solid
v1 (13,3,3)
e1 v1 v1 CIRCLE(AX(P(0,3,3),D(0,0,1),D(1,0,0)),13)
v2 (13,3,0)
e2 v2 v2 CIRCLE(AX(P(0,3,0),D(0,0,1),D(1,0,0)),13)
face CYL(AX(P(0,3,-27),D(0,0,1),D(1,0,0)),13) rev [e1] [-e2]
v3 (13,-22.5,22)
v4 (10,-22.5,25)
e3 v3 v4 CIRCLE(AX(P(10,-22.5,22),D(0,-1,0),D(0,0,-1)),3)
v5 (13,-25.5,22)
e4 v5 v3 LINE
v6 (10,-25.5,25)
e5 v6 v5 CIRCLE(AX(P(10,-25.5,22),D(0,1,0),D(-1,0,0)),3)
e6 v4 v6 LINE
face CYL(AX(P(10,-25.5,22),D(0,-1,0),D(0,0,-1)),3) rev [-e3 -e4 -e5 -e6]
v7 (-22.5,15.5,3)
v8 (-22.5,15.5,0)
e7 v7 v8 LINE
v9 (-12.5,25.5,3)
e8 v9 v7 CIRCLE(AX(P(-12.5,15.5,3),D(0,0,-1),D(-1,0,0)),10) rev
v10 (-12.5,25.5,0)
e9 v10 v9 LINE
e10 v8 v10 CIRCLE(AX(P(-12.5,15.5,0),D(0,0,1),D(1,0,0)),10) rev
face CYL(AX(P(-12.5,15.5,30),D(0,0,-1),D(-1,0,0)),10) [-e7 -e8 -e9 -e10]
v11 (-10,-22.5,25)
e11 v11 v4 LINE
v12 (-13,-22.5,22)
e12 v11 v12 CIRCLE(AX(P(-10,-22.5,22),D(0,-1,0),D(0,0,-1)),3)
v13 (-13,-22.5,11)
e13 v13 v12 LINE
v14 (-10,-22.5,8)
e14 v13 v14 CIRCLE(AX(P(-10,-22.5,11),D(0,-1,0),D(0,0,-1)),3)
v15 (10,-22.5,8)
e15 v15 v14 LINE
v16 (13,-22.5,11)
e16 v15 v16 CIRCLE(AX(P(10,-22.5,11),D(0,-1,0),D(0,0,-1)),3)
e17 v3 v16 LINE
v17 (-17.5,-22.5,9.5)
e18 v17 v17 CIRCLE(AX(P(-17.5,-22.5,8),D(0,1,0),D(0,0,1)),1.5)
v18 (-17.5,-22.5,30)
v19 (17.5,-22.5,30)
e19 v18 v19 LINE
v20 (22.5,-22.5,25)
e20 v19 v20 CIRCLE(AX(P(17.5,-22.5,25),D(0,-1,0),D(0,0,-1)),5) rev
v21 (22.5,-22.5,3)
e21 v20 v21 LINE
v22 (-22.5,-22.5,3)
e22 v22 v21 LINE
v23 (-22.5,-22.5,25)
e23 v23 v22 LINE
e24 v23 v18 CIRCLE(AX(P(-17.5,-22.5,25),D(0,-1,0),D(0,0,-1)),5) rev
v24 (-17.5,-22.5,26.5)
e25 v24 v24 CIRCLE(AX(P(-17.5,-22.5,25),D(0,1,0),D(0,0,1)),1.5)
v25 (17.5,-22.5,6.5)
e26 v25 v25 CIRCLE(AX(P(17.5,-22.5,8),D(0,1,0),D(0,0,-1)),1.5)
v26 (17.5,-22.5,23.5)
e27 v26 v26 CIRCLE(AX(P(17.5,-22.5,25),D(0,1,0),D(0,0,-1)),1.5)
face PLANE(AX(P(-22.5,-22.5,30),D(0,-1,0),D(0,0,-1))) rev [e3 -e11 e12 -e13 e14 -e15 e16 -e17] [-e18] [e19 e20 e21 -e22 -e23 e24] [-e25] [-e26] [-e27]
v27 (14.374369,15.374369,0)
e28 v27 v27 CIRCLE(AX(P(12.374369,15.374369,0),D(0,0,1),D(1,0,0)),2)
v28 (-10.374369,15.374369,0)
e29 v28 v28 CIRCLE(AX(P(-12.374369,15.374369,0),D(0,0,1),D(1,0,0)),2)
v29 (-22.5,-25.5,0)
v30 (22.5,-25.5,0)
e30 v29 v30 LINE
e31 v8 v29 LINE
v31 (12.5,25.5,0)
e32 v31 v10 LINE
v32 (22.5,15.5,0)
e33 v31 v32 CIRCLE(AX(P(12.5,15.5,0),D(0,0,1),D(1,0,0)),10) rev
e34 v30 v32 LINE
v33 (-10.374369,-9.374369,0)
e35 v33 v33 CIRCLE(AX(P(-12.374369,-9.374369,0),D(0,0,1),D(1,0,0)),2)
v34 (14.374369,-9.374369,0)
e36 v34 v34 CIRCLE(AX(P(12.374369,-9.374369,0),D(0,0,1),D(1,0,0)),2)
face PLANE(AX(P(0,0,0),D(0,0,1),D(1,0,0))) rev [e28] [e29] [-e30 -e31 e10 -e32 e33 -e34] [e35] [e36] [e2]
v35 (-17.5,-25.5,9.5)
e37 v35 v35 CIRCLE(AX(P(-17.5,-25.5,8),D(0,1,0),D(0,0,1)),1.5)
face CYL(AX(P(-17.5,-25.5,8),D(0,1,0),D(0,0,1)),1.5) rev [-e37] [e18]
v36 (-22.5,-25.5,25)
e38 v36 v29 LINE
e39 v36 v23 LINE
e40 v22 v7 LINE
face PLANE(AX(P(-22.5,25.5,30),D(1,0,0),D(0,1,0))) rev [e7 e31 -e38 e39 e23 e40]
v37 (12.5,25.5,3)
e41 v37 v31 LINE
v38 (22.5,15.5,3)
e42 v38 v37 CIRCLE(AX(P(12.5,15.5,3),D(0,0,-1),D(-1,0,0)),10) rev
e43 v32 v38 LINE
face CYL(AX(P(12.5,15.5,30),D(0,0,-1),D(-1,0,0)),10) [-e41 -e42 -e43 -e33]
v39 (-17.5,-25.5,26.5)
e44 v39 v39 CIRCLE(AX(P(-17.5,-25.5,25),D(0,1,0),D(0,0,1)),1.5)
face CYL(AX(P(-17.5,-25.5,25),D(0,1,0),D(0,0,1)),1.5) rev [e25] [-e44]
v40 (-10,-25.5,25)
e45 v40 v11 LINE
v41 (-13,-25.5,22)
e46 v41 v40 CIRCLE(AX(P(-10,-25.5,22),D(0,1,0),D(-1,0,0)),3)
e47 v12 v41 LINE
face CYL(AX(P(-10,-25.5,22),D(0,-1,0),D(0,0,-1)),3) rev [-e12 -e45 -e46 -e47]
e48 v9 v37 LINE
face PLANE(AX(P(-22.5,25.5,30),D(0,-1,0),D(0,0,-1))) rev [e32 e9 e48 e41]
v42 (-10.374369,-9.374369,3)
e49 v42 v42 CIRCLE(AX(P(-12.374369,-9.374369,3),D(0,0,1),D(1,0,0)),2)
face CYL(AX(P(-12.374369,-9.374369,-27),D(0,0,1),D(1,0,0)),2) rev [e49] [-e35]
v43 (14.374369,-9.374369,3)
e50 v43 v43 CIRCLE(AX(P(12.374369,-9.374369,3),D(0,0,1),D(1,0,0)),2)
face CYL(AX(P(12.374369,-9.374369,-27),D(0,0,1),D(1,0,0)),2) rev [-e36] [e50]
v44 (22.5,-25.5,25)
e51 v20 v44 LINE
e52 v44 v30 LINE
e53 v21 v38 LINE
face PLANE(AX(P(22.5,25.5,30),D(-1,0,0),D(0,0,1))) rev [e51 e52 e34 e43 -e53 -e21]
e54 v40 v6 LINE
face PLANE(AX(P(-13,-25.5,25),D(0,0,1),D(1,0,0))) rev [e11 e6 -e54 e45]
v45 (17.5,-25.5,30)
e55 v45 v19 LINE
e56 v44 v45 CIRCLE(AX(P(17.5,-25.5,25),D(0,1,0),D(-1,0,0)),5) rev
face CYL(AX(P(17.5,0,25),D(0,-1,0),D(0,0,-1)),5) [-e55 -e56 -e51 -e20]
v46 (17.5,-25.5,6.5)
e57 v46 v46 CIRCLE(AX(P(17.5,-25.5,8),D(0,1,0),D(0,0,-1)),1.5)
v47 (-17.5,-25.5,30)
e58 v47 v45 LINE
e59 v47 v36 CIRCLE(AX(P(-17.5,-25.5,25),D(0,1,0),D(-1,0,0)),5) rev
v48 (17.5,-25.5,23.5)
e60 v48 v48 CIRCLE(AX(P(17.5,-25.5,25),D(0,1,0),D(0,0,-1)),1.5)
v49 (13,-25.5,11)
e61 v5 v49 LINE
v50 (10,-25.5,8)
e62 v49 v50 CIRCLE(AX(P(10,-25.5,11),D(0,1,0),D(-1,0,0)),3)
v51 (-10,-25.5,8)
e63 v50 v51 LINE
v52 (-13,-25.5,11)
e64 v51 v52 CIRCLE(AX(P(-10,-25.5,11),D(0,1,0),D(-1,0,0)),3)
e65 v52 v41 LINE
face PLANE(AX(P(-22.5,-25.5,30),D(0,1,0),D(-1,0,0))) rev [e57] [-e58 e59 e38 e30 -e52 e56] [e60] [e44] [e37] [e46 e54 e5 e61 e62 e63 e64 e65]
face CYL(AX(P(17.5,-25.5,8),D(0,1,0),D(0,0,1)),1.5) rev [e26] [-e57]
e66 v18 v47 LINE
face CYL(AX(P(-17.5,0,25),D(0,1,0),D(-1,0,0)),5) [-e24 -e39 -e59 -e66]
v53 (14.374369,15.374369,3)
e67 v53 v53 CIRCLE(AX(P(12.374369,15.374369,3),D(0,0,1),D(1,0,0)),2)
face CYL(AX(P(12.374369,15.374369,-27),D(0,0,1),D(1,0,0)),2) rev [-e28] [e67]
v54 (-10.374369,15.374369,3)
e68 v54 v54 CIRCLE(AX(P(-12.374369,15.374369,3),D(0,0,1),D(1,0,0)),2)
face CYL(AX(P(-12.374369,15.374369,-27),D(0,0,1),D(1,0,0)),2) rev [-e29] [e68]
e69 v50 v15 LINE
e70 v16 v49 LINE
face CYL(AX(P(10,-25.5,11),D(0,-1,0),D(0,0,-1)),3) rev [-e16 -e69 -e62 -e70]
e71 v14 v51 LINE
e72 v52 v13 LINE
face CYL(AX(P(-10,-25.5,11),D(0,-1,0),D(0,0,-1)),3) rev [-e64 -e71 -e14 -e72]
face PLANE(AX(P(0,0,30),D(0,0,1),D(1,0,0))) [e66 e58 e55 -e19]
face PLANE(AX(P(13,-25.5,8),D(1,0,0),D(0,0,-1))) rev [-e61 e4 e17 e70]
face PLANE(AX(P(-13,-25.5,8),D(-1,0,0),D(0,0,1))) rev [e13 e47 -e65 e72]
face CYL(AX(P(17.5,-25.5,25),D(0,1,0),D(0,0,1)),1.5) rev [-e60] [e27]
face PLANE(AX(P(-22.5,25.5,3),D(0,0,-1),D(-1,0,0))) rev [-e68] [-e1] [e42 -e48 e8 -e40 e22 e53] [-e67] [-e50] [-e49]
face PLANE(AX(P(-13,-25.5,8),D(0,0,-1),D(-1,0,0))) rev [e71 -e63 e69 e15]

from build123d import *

# Parameters (mm, degrees)
SKETCH_1_W          = 45
SKETCH_1_H          = 51
EXTRUDE_1_DEPTH     = 30
SKETCH_2_W          = 27
SKETCH_2_H          = 48
CUT_EXTRUDE_1_DEPTH = 60.793394284
SKETCH_3_R          = 1.5
SKETCH_3_W          = 26
SKETCH_3_H          = 17
CUT_EXTRUDE_2_DEPTH = 61.911821513
FILLET_1_R          = 3
SKETCH_4_R          = 13
SKETCH_4_R_2        = 2
CUT_EXTRUDE_3_DEPTH = 30
FILLET_2_R          = 10
FILLET_3_R          = 5


with BuildPart() as part:
    # 草图1 → 凸台-拉伸1 (new body)
    with BuildSketch(Plane.XY):
        Rectangle(SKETCH_1_W, SKETCH_1_H)
    extrude(amount=EXTRUDE_1_DEPTH)

    # 草图2 → 切除-拉伸1 (cut, through all)
    with BuildSketch(Plane(origin=(22.5, 0, 0), x_dir=(0, 0, -1), z_dir=(1, 0, 0))):
        with Locations((-16.5, 1.5)):
            Rectangle(SKETCH_2_W, SKETCH_2_H)
    extrude(amount=-CUT_EXTRUDE_1_DEPTH, mode=Mode.SUBTRACT)

    # 草图3 → 切除-拉伸2 (cut, through all)
    with BuildSketch(Plane(origin=(0, -22.5, 0), x_dir=(1, 0, 0), z_dir=(0, 1, 0))):
        with Locations(Location((-17.5, -8, 0), (0, 0, 270))):
            Circle(SKETCH_3_R)
        with Locations(Location((-17.5, -25, 0), (0, 0, 270))):
            Circle(SKETCH_3_R)
        with Locations(Location((17.5, -25, 0), (0, 0, 90))):
            Circle(SKETCH_3_R)
        with Locations(Location((17.5, -8, 0), (0, 0, 90))):
            Circle(SKETCH_3_R)
        with Locations((0, -16.5)):
            Rectangle(SKETCH_3_W, SKETCH_3_H)
    extrude(amount=-CUT_EXTRUDE_2_DEPTH, mode=Mode.SUBTRACT)

    # 圆角1
    fillet_1_edges = [part.edges().sort_by_distance(p)[0] for p in [
        (13, -24, 8),
        (13, -24, 25),
        (-13, -24, 25),
        (-13, -24, 8),
    ]]
    fillet(fillet_1_edges, radius=FILLET_1_R)

    # 草图4 → 切除-拉伸3 (cut)
    with BuildSketch(Plane.XY.offset(3)):
        with Locations((0, 3)):
            Circle(SKETCH_4_R)
        with Locations((12.374368671, 15.374368671)):
            Circle(SKETCH_4_R_2)
        with Locations((-12.374368671, 15.374368671)):
            Circle(SKETCH_4_R_2)
        with Locations((-12.374368671, -9.374368671)):
            Circle(SKETCH_4_R_2)
        with Locations((12.374368671, -9.374368671)):
            Circle(SKETCH_4_R_2)
    extrude(amount=-CUT_EXTRUDE_3_DEPTH, mode=Mode.SUBTRACT)

    # 圆角2
    fillet_2_edges = [part.edges().sort_by_distance(p)[0] for p in [
        (-22.5, 25.5, 1.5),
        (22.5, 25.5, 1.5),
    ]]
    fillet(fillet_2_edges, radius=FILLET_2_R)

    # 圆角3
    fillet_3_edges = [part.edges().sort_by_distance(p)[0] for p in [
        (-22.5, -24, 30),
        (22.5, -24, 30),
    ]]
    fillet(fillet_3_edges, radius=FILLET_3_R)


solid = part.part
